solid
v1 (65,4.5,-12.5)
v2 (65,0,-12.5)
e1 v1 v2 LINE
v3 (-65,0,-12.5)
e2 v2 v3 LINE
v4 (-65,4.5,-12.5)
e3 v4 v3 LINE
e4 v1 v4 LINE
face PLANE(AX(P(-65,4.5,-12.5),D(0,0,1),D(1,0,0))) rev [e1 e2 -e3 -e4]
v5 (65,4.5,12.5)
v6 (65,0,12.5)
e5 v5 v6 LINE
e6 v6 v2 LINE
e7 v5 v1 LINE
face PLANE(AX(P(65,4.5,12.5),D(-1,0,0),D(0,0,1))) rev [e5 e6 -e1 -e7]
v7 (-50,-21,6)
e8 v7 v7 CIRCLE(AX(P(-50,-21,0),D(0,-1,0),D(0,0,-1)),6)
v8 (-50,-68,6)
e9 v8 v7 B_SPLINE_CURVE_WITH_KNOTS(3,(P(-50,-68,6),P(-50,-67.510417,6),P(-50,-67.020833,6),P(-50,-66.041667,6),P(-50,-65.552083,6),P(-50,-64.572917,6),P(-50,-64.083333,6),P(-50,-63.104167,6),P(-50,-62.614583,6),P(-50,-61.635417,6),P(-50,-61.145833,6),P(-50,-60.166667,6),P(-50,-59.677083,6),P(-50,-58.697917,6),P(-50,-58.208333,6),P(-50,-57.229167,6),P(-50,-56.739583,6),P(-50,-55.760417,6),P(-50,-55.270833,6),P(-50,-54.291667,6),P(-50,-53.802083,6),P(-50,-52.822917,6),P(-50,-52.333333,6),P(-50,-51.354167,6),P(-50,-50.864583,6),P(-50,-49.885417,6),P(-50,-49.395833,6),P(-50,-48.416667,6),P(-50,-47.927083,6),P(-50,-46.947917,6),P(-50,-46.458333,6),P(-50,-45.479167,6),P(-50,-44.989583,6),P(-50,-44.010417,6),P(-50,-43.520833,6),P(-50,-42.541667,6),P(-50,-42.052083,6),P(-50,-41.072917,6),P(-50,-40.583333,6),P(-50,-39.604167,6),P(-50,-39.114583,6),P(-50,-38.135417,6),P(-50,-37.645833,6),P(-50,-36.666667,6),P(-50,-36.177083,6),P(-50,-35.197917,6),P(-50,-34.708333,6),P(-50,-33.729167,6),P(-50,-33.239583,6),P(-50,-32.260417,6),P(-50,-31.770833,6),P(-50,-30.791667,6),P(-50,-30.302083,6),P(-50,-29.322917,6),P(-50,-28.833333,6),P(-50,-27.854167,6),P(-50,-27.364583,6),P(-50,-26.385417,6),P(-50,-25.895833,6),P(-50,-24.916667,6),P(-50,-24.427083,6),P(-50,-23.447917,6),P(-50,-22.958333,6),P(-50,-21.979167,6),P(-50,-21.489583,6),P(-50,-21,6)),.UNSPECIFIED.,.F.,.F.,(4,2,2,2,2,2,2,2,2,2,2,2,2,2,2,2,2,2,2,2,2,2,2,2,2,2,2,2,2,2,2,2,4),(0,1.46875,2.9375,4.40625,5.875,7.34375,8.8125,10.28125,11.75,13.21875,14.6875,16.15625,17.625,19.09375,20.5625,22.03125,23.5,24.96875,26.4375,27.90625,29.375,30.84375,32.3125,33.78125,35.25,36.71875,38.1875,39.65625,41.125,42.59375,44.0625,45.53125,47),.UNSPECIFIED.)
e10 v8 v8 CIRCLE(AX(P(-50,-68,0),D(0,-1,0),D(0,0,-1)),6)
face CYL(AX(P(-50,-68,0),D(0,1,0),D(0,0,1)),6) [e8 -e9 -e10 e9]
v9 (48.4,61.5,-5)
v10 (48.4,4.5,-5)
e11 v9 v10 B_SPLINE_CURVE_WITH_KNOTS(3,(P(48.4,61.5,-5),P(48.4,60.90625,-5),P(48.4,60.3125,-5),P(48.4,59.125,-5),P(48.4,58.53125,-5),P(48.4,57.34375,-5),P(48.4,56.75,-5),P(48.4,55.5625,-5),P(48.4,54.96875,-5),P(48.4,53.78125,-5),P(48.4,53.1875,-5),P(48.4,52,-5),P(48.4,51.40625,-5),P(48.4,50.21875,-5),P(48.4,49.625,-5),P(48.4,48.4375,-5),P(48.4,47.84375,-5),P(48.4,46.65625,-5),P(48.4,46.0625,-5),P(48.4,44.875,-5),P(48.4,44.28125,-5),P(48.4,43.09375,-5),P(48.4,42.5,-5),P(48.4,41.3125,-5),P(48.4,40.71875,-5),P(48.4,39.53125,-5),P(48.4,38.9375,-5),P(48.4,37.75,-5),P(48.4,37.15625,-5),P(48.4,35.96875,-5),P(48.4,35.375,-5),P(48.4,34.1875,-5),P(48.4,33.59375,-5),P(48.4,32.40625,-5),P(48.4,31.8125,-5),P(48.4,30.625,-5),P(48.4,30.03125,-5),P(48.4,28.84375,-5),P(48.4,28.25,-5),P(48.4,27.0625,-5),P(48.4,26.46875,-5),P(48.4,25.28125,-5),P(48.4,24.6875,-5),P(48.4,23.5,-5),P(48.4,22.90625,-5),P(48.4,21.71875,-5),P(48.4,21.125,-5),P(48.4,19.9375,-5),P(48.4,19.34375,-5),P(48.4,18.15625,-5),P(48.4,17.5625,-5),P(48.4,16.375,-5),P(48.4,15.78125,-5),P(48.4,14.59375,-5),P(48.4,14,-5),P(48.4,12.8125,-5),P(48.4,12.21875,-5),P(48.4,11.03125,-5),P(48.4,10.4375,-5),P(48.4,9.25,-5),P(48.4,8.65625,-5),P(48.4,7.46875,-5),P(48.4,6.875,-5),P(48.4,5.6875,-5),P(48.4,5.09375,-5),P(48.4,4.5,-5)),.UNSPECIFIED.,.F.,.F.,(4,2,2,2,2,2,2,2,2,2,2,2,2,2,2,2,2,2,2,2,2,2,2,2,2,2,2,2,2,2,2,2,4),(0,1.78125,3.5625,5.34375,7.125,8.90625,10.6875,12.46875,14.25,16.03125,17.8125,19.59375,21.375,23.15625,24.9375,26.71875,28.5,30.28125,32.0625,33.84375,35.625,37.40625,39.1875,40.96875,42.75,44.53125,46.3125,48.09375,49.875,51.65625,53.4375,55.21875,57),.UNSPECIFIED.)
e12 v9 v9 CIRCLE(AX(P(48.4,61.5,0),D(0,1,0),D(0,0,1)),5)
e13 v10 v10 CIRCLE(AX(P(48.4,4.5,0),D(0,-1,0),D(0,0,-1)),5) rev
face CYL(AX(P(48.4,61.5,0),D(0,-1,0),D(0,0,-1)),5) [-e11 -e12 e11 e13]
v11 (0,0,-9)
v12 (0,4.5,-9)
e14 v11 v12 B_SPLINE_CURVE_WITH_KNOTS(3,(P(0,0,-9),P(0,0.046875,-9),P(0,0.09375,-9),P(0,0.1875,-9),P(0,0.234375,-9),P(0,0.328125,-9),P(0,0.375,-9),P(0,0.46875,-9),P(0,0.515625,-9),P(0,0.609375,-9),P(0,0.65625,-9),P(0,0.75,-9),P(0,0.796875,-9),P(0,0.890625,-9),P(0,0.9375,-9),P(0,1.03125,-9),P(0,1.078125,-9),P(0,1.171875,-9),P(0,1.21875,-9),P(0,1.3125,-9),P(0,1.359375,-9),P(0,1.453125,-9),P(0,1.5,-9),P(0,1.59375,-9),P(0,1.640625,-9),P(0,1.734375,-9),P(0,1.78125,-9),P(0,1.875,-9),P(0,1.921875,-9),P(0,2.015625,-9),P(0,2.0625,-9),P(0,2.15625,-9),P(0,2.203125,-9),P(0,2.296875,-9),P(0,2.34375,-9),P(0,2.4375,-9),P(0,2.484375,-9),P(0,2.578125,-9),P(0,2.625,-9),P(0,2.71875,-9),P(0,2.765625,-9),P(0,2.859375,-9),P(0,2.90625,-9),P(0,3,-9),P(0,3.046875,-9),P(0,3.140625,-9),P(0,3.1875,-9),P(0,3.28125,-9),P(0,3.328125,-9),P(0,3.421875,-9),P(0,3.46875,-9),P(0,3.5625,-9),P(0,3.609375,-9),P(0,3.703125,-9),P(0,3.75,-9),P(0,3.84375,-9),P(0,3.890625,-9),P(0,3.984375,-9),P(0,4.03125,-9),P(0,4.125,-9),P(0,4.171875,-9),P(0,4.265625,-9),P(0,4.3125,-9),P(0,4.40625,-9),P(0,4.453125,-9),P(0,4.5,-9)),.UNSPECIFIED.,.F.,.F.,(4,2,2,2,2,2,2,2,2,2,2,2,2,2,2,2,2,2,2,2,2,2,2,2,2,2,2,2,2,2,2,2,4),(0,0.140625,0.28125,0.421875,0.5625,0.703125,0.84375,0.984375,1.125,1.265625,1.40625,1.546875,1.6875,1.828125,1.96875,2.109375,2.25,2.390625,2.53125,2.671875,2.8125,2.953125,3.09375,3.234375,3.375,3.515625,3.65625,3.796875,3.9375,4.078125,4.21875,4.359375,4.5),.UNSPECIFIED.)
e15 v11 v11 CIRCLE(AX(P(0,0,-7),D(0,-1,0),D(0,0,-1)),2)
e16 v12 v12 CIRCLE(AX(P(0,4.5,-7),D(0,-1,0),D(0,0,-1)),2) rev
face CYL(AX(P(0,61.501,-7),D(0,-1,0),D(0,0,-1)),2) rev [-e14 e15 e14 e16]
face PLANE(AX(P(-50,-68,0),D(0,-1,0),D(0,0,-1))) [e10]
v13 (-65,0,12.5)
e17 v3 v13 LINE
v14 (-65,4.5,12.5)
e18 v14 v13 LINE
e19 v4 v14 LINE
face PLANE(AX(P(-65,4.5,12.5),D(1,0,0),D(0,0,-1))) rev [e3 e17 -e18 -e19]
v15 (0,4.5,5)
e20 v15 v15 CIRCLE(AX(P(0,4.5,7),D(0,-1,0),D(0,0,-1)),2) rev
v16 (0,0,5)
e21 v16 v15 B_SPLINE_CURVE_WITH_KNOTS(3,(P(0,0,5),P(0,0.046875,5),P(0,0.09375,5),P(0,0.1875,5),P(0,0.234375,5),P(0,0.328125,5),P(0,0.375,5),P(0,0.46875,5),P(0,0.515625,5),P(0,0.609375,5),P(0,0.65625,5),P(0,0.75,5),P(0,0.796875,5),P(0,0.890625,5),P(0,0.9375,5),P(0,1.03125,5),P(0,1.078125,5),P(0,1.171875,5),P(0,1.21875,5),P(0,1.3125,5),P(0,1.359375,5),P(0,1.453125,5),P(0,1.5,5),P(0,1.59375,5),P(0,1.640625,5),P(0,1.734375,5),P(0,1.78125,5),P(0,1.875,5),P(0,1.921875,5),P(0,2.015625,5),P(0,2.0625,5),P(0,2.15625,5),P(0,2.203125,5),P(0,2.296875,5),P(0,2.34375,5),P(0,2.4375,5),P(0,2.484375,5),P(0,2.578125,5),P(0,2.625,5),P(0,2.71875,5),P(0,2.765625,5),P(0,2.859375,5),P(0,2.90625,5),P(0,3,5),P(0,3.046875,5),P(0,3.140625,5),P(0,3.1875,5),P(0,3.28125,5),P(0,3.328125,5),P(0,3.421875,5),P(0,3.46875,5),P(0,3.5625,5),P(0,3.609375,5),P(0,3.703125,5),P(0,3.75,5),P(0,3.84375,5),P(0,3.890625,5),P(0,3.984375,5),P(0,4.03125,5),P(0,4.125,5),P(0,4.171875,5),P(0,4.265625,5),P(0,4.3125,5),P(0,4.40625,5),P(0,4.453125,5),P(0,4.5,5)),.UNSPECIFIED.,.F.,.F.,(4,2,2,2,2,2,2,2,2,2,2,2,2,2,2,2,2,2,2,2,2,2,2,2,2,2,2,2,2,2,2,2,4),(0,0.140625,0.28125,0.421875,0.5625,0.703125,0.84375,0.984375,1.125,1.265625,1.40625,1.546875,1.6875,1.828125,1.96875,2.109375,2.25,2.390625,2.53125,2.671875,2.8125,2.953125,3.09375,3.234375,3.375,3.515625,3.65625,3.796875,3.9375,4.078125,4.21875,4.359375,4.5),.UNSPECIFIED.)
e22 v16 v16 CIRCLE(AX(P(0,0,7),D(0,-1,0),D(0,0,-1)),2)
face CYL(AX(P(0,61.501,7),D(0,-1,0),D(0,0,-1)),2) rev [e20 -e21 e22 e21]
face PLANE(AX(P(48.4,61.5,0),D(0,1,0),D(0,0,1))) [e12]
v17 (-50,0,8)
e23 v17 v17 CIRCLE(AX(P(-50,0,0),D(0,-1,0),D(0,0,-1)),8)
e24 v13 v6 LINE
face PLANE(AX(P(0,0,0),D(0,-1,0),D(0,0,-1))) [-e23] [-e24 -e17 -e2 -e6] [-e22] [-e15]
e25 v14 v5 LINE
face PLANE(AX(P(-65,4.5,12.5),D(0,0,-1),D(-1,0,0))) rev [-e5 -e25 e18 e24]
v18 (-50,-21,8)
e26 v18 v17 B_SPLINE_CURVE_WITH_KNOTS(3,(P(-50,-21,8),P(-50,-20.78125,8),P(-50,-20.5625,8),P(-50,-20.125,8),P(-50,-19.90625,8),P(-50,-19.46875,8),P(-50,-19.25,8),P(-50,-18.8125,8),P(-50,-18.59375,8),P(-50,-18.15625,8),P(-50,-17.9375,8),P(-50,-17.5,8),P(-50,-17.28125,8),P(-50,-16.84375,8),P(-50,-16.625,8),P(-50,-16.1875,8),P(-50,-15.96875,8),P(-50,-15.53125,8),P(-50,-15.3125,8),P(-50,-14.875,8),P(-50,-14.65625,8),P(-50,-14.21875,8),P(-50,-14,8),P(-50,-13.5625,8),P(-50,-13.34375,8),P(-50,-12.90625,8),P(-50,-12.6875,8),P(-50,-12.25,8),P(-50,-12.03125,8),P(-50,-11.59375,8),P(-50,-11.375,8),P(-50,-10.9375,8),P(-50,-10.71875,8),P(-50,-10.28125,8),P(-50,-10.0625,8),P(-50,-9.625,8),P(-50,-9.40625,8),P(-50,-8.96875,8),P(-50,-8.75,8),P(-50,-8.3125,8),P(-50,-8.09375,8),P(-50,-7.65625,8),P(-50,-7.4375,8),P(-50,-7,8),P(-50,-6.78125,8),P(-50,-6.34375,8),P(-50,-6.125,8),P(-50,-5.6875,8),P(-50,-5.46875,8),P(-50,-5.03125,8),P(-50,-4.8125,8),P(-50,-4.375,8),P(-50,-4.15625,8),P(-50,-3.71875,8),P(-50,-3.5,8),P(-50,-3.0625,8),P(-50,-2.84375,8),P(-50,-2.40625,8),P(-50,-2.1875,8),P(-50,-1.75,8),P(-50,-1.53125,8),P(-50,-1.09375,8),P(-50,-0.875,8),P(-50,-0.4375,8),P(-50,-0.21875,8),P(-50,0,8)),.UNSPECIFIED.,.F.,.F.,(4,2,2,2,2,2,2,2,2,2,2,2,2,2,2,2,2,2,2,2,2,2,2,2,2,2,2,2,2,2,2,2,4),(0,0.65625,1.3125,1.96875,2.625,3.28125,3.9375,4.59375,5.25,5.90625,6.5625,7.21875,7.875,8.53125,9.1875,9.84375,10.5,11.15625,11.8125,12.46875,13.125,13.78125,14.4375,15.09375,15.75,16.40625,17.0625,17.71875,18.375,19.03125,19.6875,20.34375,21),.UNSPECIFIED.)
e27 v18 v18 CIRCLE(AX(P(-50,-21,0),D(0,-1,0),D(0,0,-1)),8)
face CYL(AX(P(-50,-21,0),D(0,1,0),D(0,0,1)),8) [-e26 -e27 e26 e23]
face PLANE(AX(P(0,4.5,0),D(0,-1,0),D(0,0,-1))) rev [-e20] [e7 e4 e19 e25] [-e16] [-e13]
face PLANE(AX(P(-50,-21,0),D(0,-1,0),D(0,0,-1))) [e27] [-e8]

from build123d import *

# Parameters (mm, degrees)
SKETCH_1_W          = 130
SKETCH_1_H          = 25
EXTRUDE_1_DEPTH     = 4.5
SKETCH_2_R          = 5
EXTRUDE_2_DEPTH     = 57
SKETCH_3_R          = 8
EXTRUDE_3_DEPTH     = 21
SKETCH_4_R          = 6
EXTRUDE_4_DEPTH     = 47
CUT_EXTRUDE_1_REACH = 96.896
SKETCH_5_R          = 2


with BuildPart() as part:
    # Эскиз1 → Бобышка-Вытянуть1 (new body)
    with BuildSketch(Plane(origin=(0, 0, 0), x_dir=(1, 0, 0), z_dir=(0, 1, 0))):
        Rectangle(SKETCH_1_W, SKETCH_1_H)
    extrude(amount=EXTRUDE_1_DEPTH)

    # Эскиз2 → Бобышка-Вытянуть2 (add)
    with BuildSketch(Plane(origin=(0, 4.5, 0), x_dir=(1, 0, 0), z_dir=(0, 1, 0))):
        with Locations(Location((48.4, 0, 0), (0, 0, 90))):
            Circle(SKETCH_2_R)
    extrude(amount=EXTRUDE_2_DEPTH)

    # Эскиз3 → Бобышка-Вытянуть3 (add)
    with BuildSketch(Plane.XZ):
        with Locations(Location((-50, 0, 0), (0, 0, 90))):
            Circle(SKETCH_3_R)
    extrude(amount=EXTRUDE_3_DEPTH)

    # Эскиз4 → Бобышка-Вытянуть4 (add)
    with BuildSketch(Plane.XZ.offset(21)):
        with Locations(Location((-50, 0, 0), (0, 0, 270))):
            Circle(SKETCH_4_R)
    extrude(amount=EXTRUDE_4_DEPTH)

    # Эскиз5 → Вырез-Вытянуть1 (cut, up to next)
    with BuildSketch(Plane.XZ, mode=Mode.PRIVATE) as cut_extrude_1_sk1:
        with Locations(Location((0, 7, 0), (0, 0, 270))):
            Circle(SKETCH_5_R)
    cut_extrude_1_tool1 = extrude(cut_extrude_1_sk1.sketch, amount=-CUT_EXTRUDE_1_REACH, mode=Mode.PRIVATE) & part.part
    # Эскиз5 → Вырез-Вытянуть1 (cut, up to next)
    with BuildSketch(Plane.XZ, mode=Mode.PRIVATE) as cut_extrude_1_sk2:
        with Locations(Location((0, -7, 0), (0, 0, 270))):
            Circle(SKETCH_5_R)
    cut_extrude_1_tool2 = extrude(cut_extrude_1_sk2.sketch, amount=-CUT_EXTRUDE_1_REACH, mode=Mode.PRIVATE) & part.part
    add(cut_extrude_1_tool1.solids().sort_by_distance((0, 0, 7))[0], mode=Mode.SUBTRACT)
    add(cut_extrude_1_tool2.solids().sort_by_distance((0, 0, -7))[0], mode=Mode.SUBTRACT)


solid = part.part
